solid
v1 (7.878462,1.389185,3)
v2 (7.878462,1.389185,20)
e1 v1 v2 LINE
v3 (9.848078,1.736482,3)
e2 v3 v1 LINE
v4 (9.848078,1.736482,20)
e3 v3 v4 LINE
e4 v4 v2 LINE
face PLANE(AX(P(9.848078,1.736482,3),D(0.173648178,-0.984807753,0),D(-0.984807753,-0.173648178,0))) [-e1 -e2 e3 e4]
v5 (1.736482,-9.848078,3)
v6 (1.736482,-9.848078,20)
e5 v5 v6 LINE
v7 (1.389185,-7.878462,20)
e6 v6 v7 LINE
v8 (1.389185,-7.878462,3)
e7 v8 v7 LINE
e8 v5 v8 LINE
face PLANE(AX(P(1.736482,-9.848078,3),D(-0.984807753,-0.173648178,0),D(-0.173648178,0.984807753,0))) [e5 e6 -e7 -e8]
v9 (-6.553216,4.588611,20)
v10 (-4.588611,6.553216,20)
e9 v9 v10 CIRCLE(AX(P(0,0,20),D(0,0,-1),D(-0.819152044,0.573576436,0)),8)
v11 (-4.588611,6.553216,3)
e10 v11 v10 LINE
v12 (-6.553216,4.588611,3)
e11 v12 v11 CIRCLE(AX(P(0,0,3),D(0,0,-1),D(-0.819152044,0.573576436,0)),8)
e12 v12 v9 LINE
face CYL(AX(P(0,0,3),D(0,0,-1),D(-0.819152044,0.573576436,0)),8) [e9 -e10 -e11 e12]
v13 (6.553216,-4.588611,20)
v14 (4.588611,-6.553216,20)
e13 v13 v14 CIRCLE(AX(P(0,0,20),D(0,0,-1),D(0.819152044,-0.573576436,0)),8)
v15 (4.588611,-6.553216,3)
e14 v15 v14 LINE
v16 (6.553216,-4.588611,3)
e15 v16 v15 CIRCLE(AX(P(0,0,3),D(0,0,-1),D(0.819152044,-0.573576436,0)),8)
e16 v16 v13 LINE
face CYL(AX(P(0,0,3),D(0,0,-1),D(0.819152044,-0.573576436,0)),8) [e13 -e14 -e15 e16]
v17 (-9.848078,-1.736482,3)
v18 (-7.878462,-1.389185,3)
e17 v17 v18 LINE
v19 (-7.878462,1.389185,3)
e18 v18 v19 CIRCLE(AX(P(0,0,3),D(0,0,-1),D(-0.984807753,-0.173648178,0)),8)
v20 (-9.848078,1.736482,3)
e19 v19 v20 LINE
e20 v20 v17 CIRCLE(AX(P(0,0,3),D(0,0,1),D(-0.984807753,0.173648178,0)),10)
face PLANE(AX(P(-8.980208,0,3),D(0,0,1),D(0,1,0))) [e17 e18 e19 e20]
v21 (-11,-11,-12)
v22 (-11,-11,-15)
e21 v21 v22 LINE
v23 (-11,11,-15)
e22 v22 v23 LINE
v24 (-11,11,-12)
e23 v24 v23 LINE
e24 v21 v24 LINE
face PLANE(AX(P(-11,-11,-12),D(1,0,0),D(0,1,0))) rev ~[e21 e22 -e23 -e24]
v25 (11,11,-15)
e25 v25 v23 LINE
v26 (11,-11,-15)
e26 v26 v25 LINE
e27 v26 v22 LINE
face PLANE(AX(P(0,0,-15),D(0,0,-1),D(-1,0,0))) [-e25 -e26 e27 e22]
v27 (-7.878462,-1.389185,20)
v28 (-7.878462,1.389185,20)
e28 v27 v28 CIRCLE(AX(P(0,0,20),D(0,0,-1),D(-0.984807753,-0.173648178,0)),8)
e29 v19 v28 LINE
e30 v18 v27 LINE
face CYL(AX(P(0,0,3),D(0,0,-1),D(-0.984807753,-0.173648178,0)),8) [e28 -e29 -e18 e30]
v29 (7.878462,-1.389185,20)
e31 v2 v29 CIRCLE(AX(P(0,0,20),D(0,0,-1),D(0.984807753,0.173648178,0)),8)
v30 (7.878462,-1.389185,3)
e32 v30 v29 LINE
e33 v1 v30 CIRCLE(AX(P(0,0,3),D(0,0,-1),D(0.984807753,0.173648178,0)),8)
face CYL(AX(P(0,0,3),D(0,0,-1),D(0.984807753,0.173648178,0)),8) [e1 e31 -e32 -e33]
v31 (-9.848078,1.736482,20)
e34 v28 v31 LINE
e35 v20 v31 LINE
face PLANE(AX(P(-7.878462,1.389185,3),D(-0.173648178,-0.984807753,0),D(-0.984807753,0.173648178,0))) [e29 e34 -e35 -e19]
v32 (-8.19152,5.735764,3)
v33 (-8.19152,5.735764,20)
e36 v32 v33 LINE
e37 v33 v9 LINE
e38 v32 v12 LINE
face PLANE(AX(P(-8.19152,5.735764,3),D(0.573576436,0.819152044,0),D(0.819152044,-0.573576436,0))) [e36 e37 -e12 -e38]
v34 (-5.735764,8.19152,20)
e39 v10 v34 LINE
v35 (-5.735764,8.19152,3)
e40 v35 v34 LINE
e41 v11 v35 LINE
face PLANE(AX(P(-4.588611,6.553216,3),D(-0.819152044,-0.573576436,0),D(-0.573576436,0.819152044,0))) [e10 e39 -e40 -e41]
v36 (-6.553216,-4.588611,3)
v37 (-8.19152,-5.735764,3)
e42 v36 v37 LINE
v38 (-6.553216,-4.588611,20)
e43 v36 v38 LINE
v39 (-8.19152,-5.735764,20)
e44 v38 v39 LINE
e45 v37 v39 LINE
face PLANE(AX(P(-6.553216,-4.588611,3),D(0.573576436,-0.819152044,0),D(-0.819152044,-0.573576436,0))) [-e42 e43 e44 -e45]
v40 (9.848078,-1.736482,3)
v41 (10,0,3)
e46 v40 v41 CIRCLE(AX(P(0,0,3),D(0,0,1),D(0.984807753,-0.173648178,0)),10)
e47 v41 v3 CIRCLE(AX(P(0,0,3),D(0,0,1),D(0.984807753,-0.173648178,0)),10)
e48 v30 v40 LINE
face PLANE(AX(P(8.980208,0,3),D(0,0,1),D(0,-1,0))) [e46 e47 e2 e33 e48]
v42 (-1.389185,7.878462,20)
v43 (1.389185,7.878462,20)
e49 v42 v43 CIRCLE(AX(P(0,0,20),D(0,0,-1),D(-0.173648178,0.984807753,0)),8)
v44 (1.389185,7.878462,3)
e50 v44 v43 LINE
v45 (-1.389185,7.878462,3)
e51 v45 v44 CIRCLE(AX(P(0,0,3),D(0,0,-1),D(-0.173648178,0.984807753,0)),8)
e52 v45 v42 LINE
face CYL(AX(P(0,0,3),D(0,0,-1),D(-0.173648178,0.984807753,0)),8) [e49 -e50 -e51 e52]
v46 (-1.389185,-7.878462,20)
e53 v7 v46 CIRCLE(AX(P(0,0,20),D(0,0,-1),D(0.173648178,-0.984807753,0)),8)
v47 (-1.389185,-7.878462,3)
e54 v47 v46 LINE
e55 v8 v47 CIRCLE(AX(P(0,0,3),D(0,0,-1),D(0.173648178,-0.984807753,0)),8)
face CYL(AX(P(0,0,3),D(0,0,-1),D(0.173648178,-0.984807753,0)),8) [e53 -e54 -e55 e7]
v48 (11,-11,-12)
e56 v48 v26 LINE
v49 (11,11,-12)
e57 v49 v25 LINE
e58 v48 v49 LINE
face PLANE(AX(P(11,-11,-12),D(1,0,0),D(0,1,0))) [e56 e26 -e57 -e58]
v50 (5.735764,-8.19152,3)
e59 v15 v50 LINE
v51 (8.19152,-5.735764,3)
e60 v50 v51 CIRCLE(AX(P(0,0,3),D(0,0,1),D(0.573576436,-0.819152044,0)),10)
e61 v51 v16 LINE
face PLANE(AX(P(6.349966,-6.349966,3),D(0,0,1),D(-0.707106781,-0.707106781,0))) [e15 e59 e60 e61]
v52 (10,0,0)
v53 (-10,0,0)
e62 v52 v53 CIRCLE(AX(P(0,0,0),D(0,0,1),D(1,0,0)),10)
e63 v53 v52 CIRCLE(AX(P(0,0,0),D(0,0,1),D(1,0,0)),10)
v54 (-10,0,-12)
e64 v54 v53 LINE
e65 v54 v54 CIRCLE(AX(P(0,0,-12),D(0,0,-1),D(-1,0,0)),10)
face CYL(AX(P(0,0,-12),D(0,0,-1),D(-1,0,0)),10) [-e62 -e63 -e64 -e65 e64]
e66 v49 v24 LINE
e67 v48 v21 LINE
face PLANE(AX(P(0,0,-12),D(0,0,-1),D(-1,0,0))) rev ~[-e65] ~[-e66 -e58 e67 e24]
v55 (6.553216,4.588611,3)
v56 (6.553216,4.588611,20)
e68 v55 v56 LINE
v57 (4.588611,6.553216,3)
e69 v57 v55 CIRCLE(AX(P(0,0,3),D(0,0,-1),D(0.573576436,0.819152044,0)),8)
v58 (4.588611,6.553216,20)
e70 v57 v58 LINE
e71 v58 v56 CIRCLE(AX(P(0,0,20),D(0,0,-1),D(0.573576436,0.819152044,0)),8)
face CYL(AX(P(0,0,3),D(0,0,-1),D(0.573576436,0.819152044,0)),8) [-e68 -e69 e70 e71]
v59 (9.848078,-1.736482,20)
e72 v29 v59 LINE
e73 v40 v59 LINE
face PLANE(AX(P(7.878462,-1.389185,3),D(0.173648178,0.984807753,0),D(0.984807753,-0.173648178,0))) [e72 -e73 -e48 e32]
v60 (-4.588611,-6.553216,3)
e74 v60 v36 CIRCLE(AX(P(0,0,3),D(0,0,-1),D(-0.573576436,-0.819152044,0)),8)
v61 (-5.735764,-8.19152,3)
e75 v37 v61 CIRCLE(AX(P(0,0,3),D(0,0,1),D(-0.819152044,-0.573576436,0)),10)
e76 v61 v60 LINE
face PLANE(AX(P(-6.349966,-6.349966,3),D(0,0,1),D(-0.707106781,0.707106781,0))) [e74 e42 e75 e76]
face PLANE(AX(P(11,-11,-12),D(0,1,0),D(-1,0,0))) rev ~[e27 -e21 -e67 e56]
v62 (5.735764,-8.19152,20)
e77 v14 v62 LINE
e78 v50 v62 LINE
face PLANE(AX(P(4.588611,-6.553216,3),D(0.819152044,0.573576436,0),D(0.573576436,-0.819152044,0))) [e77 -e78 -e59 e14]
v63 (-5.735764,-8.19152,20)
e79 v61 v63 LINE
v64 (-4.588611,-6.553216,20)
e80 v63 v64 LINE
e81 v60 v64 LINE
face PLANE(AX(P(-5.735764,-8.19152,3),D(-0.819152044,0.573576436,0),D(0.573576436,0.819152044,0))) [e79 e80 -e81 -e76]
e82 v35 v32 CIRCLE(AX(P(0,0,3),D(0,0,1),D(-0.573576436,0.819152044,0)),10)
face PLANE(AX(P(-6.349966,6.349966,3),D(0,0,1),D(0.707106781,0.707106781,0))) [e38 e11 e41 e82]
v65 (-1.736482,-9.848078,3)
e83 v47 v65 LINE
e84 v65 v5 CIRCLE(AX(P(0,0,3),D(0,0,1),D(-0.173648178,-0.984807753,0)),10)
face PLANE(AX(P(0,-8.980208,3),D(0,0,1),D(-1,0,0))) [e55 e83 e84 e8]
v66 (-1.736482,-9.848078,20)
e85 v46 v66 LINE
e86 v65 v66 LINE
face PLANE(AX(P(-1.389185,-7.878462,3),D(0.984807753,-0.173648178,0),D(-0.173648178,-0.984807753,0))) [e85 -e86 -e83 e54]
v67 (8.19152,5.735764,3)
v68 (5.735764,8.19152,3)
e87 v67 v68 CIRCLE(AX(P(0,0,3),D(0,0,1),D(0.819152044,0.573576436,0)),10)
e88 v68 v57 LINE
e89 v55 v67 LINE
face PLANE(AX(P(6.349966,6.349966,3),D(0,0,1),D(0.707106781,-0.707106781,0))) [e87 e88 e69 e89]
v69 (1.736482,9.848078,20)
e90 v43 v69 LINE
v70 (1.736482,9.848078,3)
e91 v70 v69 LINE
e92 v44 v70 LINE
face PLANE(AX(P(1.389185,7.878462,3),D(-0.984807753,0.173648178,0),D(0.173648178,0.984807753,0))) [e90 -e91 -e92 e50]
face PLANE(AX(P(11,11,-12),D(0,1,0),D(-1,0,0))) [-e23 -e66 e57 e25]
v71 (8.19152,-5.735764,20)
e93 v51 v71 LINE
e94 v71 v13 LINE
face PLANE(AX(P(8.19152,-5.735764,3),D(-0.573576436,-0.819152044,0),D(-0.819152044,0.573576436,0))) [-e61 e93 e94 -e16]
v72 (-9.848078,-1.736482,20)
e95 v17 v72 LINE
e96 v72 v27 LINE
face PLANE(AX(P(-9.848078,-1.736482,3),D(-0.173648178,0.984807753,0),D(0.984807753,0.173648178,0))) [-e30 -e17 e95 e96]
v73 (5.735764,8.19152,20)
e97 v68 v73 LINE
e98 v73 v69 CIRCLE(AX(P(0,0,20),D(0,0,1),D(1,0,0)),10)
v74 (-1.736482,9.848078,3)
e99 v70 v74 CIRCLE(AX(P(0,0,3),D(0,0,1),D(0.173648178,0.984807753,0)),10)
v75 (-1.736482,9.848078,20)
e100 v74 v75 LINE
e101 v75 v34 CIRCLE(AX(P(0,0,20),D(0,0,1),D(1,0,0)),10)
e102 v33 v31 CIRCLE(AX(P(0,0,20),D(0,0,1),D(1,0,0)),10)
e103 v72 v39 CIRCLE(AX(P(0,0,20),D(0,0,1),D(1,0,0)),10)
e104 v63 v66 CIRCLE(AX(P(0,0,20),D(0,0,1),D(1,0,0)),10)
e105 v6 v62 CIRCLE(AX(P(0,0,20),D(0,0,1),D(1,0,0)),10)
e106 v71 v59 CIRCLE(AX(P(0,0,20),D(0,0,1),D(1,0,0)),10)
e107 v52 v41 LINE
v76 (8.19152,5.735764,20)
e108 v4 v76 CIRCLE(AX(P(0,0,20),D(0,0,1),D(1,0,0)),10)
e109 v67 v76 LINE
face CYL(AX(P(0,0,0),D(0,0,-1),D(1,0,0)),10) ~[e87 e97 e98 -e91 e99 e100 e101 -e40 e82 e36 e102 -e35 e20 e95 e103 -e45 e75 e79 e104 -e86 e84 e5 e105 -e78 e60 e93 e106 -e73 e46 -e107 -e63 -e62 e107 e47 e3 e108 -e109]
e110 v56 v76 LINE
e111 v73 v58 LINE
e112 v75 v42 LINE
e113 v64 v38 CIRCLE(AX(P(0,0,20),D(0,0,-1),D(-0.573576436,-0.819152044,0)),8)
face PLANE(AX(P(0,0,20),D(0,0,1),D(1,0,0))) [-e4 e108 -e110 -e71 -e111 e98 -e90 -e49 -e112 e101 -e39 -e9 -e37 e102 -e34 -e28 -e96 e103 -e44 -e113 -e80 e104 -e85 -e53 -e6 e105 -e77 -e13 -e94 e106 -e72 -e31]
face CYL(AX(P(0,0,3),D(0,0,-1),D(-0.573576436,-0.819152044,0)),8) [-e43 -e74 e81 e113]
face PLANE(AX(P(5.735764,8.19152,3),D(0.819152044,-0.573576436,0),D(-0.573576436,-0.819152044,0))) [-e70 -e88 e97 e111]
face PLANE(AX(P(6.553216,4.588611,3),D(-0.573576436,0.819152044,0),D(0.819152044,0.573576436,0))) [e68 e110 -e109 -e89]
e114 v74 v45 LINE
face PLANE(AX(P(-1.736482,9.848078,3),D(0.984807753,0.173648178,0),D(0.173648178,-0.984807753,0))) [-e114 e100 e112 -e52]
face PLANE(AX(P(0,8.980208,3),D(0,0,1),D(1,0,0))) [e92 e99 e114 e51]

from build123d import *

# Parameters (mm, degrees)
SKETCH1_R           = 10
BOSS_EXTRUDE1_DEPTH = 20
CUT_EXTRUDE1_START  = -17
CUT_EXTRUDE1_DEPTH  = 17
CIRPATTERN1_COUNT   = 8
BOSS_EXTRUDE2_START = 12
SKETCH3_R           = 10
BOSS_EXTRUDE2_DEPTH = 12
SKETCH4_W           = 22
SKETCH4_H           = 22
BOSS_EXTRUDE3_DEPTH = 3


with BuildPart() as part:
    # Sketch1 → Boss-Extrude1 (new body)
    with BuildSketch(Plane.XY):
        Circle(SKETCH1_R)
    extrude(amount=BOSS_EXTRUDE1_DEPTH)

    # Sketch2 → Cut-Extrude1 (cut)
    with BuildSketch(Plane.XY.offset(20).offset(CUT_EXTRUDE1_START)):
        with BuildLine():
            Line((-1.736481777, 9.84807753), (-1.389185421, 7.878462024))
            ThreePointArc((-1.389185421, 7.878462024), (0, 8), (1.389185421, 7.878462024))
            Line((1.389185421, 7.878462024), (1.736481777, 9.84807753))
            ThreePointArc((1.736481777, 9.84807753), (0, 10), (-1.736481777, 9.84807753))
        make_face()
    cut_extrude1 = extrude(amount=CUT_EXTRUDE1_DEPTH, mode=Mode.SUBTRACT)

    # CirPattern1: Cut-Extrude1 ×8 about axis
    cirpattern1_axis = Axis((0, 0, 0), (0, 0, 1))
    for i in range(1, CIRPATTERN1_COUNT):
        add(cut_extrude1.rotate(cirpattern1_axis, i * 360 / CIRPATTERN1_COUNT), mode=Mode.SUBTRACT)

    # Sketch3 → Boss-Extrude2 (add)
    with BuildSketch(Plane(origin=(0, 0, 0), x_dir=(-1, 0, 0), z_dir=(0, 0, -1)).offset(BOSS_EXTRUDE2_START)):
        Circle(SKETCH3_R)
    extrude(amount=-BOSS_EXTRUDE2_DEPTH)

    # Sketch4 → Boss-Extrude3 (add)
    with BuildSketch(Plane(origin=(0, 0, -12), x_dir=(-1, 0, 0), z_dir=(0, 0, -1))):
        Rectangle(SKETCH4_W, SKETCH4_H)
    extrude(amount=BOSS_EXTRUDE3_DEPTH)


solid = part.part
